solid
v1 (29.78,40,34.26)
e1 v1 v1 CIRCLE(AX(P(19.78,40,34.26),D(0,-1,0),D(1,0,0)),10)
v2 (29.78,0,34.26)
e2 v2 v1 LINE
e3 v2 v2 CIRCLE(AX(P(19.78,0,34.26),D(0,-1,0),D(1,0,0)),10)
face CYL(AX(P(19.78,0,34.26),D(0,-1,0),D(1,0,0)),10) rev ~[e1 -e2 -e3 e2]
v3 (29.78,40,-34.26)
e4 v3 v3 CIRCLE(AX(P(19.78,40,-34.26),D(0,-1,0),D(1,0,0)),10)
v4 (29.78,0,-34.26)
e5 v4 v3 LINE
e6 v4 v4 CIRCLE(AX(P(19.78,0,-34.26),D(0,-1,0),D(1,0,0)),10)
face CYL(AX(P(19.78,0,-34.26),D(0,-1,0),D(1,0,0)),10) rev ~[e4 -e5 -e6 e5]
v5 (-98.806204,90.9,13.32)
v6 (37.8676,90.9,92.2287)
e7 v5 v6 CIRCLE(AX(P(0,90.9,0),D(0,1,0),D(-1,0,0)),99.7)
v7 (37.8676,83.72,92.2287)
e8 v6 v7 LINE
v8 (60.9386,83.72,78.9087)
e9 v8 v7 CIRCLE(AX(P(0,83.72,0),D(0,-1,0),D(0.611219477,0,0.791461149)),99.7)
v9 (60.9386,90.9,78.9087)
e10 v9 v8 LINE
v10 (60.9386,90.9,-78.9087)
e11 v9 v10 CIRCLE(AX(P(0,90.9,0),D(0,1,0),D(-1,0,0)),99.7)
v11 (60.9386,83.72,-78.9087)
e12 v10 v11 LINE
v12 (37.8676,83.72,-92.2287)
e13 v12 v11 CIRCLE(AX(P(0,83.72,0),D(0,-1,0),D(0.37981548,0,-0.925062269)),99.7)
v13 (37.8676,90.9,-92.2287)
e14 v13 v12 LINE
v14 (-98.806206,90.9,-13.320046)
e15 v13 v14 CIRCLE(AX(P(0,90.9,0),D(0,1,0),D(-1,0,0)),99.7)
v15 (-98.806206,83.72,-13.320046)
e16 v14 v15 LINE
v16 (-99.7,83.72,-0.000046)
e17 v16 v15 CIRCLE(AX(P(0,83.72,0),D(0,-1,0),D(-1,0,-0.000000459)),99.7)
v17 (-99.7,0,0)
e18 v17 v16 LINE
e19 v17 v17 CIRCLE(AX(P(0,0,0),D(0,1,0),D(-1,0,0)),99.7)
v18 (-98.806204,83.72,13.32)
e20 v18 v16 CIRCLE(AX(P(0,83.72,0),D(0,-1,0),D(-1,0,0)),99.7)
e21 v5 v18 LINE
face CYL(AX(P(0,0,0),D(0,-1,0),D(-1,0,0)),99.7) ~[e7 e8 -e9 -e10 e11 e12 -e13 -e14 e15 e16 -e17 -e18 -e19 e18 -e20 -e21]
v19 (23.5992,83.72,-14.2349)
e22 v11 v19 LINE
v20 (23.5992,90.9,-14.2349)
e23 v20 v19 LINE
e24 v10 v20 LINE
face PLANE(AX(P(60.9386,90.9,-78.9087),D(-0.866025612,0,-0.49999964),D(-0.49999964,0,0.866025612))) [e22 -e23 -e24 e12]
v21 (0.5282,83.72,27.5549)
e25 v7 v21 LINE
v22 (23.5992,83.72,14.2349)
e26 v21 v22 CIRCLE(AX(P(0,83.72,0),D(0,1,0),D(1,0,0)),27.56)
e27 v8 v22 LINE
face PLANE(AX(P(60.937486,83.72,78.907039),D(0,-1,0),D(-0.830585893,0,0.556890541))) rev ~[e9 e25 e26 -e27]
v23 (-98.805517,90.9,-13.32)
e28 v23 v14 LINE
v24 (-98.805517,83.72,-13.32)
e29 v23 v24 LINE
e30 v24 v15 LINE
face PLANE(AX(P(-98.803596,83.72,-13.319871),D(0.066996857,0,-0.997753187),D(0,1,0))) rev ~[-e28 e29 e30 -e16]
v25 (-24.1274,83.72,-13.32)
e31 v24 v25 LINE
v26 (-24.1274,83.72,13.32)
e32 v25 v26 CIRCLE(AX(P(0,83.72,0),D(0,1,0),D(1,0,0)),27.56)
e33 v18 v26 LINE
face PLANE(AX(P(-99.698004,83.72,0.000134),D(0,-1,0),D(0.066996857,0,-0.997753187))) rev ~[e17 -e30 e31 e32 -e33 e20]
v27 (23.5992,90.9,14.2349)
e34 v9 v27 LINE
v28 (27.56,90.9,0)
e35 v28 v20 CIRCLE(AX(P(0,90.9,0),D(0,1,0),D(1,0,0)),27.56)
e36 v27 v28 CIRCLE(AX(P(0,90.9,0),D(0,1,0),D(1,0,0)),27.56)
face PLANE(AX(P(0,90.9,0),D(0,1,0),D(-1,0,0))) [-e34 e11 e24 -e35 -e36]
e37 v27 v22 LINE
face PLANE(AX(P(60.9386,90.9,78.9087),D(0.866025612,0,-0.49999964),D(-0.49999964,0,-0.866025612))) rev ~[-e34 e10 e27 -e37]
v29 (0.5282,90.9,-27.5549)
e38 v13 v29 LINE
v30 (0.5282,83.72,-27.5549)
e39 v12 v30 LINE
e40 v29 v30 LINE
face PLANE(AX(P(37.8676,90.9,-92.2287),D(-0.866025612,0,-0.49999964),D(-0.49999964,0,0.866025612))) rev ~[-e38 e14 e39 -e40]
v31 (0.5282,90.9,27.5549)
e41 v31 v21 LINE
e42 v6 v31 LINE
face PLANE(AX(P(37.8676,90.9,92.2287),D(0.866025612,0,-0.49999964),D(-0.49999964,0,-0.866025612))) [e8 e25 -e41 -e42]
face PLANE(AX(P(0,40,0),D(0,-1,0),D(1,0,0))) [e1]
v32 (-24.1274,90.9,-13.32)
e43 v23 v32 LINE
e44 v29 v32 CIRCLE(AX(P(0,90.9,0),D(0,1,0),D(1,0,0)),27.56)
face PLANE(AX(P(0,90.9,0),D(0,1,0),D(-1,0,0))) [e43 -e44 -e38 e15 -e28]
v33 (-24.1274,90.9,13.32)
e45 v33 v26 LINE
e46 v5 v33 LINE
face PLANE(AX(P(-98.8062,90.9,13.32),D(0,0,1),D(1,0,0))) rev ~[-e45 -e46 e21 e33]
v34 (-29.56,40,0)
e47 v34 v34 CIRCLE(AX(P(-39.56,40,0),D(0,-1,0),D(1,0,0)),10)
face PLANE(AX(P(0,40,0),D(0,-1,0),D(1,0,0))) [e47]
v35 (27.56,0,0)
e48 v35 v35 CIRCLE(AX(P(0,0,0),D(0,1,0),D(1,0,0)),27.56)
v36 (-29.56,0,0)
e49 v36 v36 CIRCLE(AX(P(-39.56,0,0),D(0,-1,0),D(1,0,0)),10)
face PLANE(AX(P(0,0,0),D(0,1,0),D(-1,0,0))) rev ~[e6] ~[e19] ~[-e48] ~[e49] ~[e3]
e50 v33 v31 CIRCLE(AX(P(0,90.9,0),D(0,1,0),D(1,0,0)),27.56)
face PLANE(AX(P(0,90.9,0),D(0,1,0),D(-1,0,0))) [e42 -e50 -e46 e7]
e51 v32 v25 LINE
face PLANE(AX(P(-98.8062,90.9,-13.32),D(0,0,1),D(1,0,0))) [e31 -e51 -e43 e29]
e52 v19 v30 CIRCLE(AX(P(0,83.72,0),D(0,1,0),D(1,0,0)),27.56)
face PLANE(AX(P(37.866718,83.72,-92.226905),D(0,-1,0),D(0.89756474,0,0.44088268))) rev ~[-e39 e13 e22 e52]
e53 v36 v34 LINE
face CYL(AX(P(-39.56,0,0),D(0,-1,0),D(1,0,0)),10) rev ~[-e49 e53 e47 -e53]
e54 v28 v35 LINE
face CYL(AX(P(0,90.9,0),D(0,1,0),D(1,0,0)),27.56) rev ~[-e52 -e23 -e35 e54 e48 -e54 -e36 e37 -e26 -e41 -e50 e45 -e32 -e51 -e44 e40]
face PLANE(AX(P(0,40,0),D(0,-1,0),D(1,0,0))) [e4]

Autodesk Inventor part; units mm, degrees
ref_plane "XZ Plane" through (0, 0, 0) normal (0, 1, 0) x (-1, 0, 0)
sketch "Sketch1" plane through (0, 0, 0) normal (0, 1, 0) x (-1, 0, 0)
  circle A0 centre (0, 0) radius 99.7
extrude "Extrusion1" add sketch "Sketch1" along normal blind 90.9
sketch "Sketch2" plane through (0, 90.9, 0) normal (0, 1, 0) x (1, 0, 0)
  circle A0 centre (0, 0) radius 27.56
  dimension "d3" = 55.12
extrude "Extrusion2" cut sketch "Sketch2" against normal blind 90.9
sketch "Sketch3" plane through (0, 90.9, 0) normal (0, 1, 0) x (1, 0, 0)
  circle A0 centre (0, 0) radius 99.7 projected
  line L0 (-99.7, 0) -> (-98.8062, 13.32)
  line L1 (-98.8062, 13.32) -> (-24.1274, 13.32)
  circle A1 centre (0, 0) radius 27.56 projected
  line L2 (-99.7, 0) -> (-98.8062, -13.32)
  line L3 (-98.8062, -13.32) -> (-24.1274, -13.32)
  line L4 (37.8676, -92.2287) -> (0.5282, -27.5549)
  line L5 (49.85, -86.3427) -> (37.8676, -92.2287)
  line L6 (49.85, -86.3427) -> (60.9386, -78.9087)
  line L7 (60.9386, -78.9087) -> (23.5992, -14.2349)
  line L8 (60.9386, 78.9087) -> (23.5992, 14.2349)
  line L9 (49.85, 86.3427) -> (60.9386, 78.9087)
  line L10 (49.85, 86.3427) -> (37.8676, 92.2287)
  line L11 (37.8676, 92.2287) -> (0.5282, 27.5549)
  line L12 (-24.1274, 13.32) -> (-24.1274, -13.32)
  line L13 (0.5282, 27.5549) -> (23.5992, 14.2349)
  line L14 (23.5992, -14.2349) -> (0.5282, -27.5549)
  dimension "d6" = 13.35
  dimension "d15" = 360
ref_plane "Work Plane2" through (-99.7, 83.72, 0) normal (0.9978, 0, 0.067) x (0.067, 0, -0.9978)
sketch "Sketch4" plane through (-99.7, 83.72, 0) normal (0.9978, 0, 0.067) x (0.067, 0, -0.9978)
  line L0 (13.35, 0) -> (13.35, 7.18)
  line L1 (-13.2303, 7.18) -> (-13.2303, 0)
  point P0 (6.675, -83.72)
ref_plane "Work Plane1" through (-98.8062, 83.72, 13.32) normal (0.9978, 0, -0.067) x (-0.067, 0, -0.9978)
sketch "Sketch5" plane through (-98.8062, 83.72, 13.32) normal (0.9978, 0, -0.067) x (-0.067, 0, -0.9978)
  line L0 (13.35, 0) -> (13.35, 7.18) projected
  line L1 (0, 0) -> (13.35, 0) projected
  line L2 (13.35, 5.7337) -> (13.35, 0)
  line L3 (13.35, 0) -> (0, 0)
  line L4 (0, 0) -> (0, 7.18)
  line L5 (0, 7.18) -> (0, 0) projected
  line L6 (106.375, 7.18) -> (-93.025, 7.18) projected
  point P0 (6.675, -83.72)
  point P1 (26.5803, 7.18)
extrude "Extrusion4" cut sketch "Sketch5" against normal blind 7.18
ref_plane "Work Plane3" through (-99.7, 83.72, 0) normal (0.9978, 0, 0.067) x (0.067, 0, -0.9978)
sketch "Sketch6" plane through (-99.7, 83.72, 0) normal (0.9978, 0, 0.067) x (0.067, 0, -0.9978)
  line L0 (0, 0) -> (13.35, 0) projected
  line L1 (0, 0) -> (0, 7.18) projected
  line L2 (0, 0) -> (0, 7.18)
  line L3 (13.35, 7.18) -> (18.3498, 7.18) projected
  line L4 (0, 7.18) -> (13.35, 7.18)
  line L5 (13.35, 0) -> (13.35, 7.18) projected
  line L6 (13.35, 7.18) -> (13.35, 0)
  line L7 (13.35, 0) -> (0, 0)
  point P0 (6.675, -83.72)
extrude "Extrusion5" cut sketch "Sketch6" against normal blind 7.18
extrude "Extrusion6" cut sketch "Sketch3" against normal blind 7.18 contours L8 A1 L11 L10 L9 | L6 L5 L4 A1 L7 | L13 A1 | A1 L14 | L1 A1 L3 L2 L0
sketch "Sketch7" plane through (49.85, 83.72, -86.3427) normal (-0.5569, 0, 0.8306) x (0.8306, 0, 0.5569)
  line L0 (13.35, 7.18) -> (0, 7.18) projected
  line L1 (13.35, 0) -> (13.35, 7.18) projected
  line L2 (0, 7.18) -> (13.35, 7.18)
  line L3 (13.35, 0) -> (18.3498, 0) projected
  line L4 (13.35, 7.18) -> (13.35, 0)
  line L5 (0, 7.18) -> (0, 0) projected
  line L6 (13.35, 0) -> (0, 0)
  line L7 (0, 0) -> (0, 6.2119)
  line L8 (0, 7.18) -> (-13.2303, 7.18) projected
  line L9 (-13.2303, 4.6736) -> (0, 7.18)
  line L10 (0, 7.18) -> (0, 0)
  line L11 (-13.2303, -2.9965) -> (-13.2303, 4.6736)
  line L12 (-13.2303, 0) -> (-13.2303, 7.18) projected
  point P0 (6.675, -83.72)
extrude "Extrusion7" cut sketch "Sketch7" against normal blind 10 contours L1 L6 L5 L0
sketch "Sketch8" plane through (37.8676, 83.72, -92.2287) normal (-0.4409, 0, 0.8976) x (0.8976, 0, 0.4409)
  line L0 (0, 0) -> (0, 7.18) projected
  line L1 (-4.9998, 0) -> (0, 0) projected
  line L2 (0, 7.18) -> (0, 0)
  line L3 (0, 0) -> (13.35, 0) projected
  line L4 (0, 0) -> (13.35, 0)
  line L5 (13.35, 7.18) -> (13.35, 0) projected
  line L6 (13.35, 0) -> (13.35, 7.18)
  line L7 (0, 7.18) -> (13.35, 7.18) projected
  line L8 (13.35, 7.18) -> (0, 7.18)
  line L9 (0, 7.18) -> (0, 4.7035)
  point P0 (6.675, -83.72)
extrude "Extrusion8" cut sketch "Sketch8" against normal blind 10
sketch "Sketch10" plane through (49.85, 83.72, 86.3427) normal (-0.4409, 0, -0.8976) x (-0.8976, 0, 0.4409)
  line L0 (0, 7.18) -> (13.35, 7.18) projected
  line L1 (13.35, 7.18) -> (18.3498, 7.18) projected
  line L2 (0, 7.18) -> (13.35, 7.18)
  line L3 (13.35, 0) -> (18.3498, 0) projected
  line L4 (13.35, 7.18) -> (13.35, 0)
  line L5 (0, 0) -> (13.35, 0) projected
  line L6 (13.35, 0) -> (0, 0)
  line L7 (0, 0) -> (0, 7.18)
  line L8 (0, 7.18) -> (0, 0) projected
  point P0 (6.675, -83.72)
extrude "Extrusion9" cut sketch "Sketch10" against normal blind 10
sketch "Sketch11" plane through (60.9386, 83.72, 78.9087) normal (-0.5569, 0, -0.8306) x (-0.8306, 0, 0.5569)
  line L0 (-4.9998, 7.18) -> (0, 7.18) projected
  line L1 (13.35, 7.18) -> (0, 7.18) projected
  line L2 (0, 7.18) -> (13.35, 7.18)
  line L3 (0, 0) -> (13.35, 0) projected
  line L4 (13.35, 7.18) -> (13.35, 0)
  line L5 (13.35, 0) -> (0, 0)
  line L6 (0, 0) -> (0, 7.18) projected
  line L7 (0, 0) -> (0, 7.18)
  point P0 (6.675, -83.72)
extrude "Extrusion10" cut sketch "Sketch11" against normal blind 10
sketch "Sketch12" plane through (0, 90.9, 0) normal (0, 1, 0) x (1, 0, 0)
  arc A0 (37.8676, -92.2287) -> (60.9386, -78.9087) centre (0, 0) ccw projected
  arc A1 (-98.8062, -13.32) -> (37.8676, -92.2287) centre (0, 0) ccw projected
  arc A2 (-98.8062, 13.32) -> (-98.8062, -13.32) centre (0, 0) ccw projected
  arc A3 (37.8676, 92.2287) -> (-98.8062, 13.32) centre (0, 0) ccw projected
  arc A4 (60.9386, 78.9087) -> (37.8676, 92.2287) centre (0, 0) ccw projected
  arc A5 (60.9386, -78.9087) -> (60.9386, 78.9087) centre (0, 0) ccw projected
  circle A6 centre (0, 0) radius 99.7 projected
ref_plane "Work Plane5" through (-99.7, 0, 0) normal (1, 0, 0) x (0, 1, 0)
ref_plane "Work Plane6" through (0, 0, -99.7) normal (0, 0, 1) x (1, 0, 0)
sketch "Sketch13" plane through (0, 83.72, 0) normal (0, 1, 0) x (1, 0, 0)
  arc A0 (60.9386, 78.9087) -> (37.8676, 92.2287) centre (0, 0) ccw projected
sketch "Sketch14" plane through (-99.7, 83.72, 0) normal (0.9978, 0, 0.067) x (0.067, 0, -0.9978)
  point P0 (6.675, -83.72)
sketch "Sketch15" plane through (0, 0, 0) normal (0, -1, 0) x (1, 0, 0)
  circle A0 centre (0, 0) radius 27.56 projected
  circle A1 centre (19.78, 34.26) radius 10
  circle A2 centre (-39.56, 0) radius 10
  circle A3 centre (19.78, -34.26) radius 10
  point P0 (0.5282, 27.5549)
  point P1 (23.5992, 14.2349)
  dimension "d32" = 360
extrude "Extrusion11" cut sketch "Sketch15" against normal blind 40 contours A1 | A2 | A3
properties part number "3 jaww"
